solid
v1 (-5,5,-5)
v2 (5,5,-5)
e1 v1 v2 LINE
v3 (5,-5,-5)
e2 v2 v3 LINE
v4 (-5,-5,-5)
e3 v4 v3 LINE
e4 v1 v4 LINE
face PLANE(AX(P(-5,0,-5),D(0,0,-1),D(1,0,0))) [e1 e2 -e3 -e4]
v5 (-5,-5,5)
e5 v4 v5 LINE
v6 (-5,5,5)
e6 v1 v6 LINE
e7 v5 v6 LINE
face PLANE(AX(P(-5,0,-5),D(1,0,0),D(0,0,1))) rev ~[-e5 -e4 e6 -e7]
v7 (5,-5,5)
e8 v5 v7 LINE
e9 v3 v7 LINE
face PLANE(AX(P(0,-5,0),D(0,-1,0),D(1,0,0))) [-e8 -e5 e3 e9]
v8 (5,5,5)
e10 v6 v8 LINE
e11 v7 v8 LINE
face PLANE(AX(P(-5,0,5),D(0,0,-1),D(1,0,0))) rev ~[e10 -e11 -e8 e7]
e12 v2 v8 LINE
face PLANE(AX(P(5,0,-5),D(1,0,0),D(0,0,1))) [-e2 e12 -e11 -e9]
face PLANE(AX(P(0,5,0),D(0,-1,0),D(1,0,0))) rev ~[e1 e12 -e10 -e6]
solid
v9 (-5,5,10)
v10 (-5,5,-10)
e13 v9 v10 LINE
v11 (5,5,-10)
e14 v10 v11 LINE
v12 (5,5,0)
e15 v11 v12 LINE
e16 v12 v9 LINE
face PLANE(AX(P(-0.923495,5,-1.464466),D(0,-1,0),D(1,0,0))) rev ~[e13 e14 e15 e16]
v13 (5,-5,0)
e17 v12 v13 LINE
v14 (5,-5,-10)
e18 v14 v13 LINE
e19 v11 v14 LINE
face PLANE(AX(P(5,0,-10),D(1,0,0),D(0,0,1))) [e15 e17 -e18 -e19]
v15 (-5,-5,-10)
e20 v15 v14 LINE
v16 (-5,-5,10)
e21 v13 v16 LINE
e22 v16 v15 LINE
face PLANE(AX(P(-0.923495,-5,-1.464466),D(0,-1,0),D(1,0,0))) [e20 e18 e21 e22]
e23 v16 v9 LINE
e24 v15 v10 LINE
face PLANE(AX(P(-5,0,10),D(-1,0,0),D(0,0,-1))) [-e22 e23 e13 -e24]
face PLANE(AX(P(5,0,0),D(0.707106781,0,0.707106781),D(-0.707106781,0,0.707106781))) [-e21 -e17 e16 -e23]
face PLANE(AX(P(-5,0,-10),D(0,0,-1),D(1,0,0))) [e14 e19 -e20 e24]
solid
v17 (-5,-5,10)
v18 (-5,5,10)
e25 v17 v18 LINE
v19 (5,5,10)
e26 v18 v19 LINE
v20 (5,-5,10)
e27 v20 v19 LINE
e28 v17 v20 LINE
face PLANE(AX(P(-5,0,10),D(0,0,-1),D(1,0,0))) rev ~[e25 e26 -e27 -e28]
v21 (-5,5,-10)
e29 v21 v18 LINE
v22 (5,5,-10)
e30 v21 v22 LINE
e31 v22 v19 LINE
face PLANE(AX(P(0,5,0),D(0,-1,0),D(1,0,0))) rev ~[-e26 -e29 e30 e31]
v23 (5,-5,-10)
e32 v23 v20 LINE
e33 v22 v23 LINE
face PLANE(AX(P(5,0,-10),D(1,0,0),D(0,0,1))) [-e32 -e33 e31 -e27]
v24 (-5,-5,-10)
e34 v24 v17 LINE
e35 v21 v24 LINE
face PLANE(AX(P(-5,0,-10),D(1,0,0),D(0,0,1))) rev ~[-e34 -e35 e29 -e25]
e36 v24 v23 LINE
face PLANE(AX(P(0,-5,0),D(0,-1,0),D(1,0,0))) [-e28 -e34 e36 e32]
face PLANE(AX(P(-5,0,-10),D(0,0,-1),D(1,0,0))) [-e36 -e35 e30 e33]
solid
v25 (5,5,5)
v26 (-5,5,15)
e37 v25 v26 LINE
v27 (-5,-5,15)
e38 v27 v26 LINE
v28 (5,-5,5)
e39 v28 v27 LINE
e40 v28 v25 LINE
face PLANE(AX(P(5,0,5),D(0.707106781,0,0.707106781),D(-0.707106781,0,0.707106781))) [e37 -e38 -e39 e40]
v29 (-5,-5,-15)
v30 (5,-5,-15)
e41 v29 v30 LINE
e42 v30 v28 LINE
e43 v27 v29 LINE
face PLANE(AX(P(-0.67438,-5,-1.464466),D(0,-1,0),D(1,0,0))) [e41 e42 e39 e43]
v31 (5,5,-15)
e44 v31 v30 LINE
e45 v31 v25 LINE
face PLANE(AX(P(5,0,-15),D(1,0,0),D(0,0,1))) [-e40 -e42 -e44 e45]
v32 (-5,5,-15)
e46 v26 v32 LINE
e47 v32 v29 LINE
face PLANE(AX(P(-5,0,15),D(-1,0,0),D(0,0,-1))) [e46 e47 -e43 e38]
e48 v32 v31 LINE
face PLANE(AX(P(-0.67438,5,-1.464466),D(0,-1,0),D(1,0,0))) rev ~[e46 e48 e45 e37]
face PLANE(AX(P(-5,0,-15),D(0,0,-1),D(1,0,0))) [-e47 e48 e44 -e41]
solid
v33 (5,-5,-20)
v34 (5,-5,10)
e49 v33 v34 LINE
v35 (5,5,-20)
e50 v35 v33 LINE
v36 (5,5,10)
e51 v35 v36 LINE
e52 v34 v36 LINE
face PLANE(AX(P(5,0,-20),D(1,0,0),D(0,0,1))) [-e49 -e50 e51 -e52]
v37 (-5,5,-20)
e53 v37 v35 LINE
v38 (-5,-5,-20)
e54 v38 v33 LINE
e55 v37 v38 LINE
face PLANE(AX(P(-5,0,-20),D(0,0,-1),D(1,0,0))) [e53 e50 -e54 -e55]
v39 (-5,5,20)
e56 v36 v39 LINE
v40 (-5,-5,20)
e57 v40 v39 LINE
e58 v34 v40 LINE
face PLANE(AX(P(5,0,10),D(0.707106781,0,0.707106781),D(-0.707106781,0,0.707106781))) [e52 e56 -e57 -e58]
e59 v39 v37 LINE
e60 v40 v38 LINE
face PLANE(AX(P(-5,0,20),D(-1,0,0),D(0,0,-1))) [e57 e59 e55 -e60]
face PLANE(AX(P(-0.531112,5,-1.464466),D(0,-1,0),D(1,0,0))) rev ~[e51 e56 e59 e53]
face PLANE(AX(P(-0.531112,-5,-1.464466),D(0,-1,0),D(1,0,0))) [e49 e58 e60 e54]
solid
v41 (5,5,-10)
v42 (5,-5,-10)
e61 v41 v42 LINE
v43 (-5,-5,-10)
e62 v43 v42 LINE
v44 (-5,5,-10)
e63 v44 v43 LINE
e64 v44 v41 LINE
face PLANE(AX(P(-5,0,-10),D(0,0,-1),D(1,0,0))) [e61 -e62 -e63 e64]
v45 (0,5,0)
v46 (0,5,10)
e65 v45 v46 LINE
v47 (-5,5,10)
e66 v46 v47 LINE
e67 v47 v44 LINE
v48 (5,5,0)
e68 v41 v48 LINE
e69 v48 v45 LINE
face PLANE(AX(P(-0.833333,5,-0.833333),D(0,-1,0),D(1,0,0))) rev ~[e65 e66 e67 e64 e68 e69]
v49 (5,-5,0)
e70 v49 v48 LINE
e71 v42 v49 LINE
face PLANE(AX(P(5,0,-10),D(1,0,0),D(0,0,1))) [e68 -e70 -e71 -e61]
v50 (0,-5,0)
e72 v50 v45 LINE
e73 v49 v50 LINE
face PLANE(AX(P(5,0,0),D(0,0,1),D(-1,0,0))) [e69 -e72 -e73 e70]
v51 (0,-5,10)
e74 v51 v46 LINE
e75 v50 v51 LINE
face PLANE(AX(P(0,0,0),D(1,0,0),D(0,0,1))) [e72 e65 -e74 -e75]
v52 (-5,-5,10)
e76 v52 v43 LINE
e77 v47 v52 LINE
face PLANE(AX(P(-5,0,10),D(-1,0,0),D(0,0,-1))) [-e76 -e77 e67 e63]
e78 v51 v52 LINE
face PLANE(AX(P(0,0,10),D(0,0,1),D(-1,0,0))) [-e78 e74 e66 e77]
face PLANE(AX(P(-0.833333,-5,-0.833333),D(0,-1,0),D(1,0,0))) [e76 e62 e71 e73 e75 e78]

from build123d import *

# Parameters (mm, degrees)
F0_W      = 10
F0_H      = 10
F1_DEPTH  = 5
F2_W      = 10
F2_H      = 20
F3_DEPTH  = 5
F5_DEPTH  = 5
F7_DEPTH  = 5
F9_DEPTH  = 5
F11_DEPTH = 5


with BuildPart() as f1:
    # F0 (on Front) → F1 (new body, symmetric)
    with BuildSketch(Plane.XZ):
        Rectangle(F0_W, F0_H)
    extrude(amount=F1_DEPTH, both=True)


with BuildPart() as f3:
    # F2 (on Front) → F3 (new body, symmetric)
    with BuildSketch(Plane.XZ):
        Rectangle(F2_W, F2_H)
    extrude(amount=F3_DEPTH, both=True)


with BuildPart() as f5:
    # F4 (on Front) → F5 (new body, symmetric)
    with BuildSketch(Plane.XZ):
        Polygon((0, 10), (-5, 10), (-5, -10), (5, -10), (5, 0), (0, 0), align=None)
    extrude(amount=F5_DEPTH, both=True)


with BuildPart() as f7:
    # F6 (on Front) → F7 (new body, symmetric)
    with BuildSketch(Plane.XZ):
        Polygon((-5, -10), (5, -10), (5, 0), (-5, 10), align=None)
    extrude(amount=F7_DEPTH, both=True)


with BuildPart() as f9:
    # F8 (on Front) → F9 (new body, symmetric)
    with BuildSketch(Plane.XZ):
        Polygon((-5, 15), (-5, -15), (5, -15), (5, 5), align=None)
    extrude(amount=F9_DEPTH, both=True)


with BuildPart() as f11:
    # F10 (on Front) → F11 (new body, symmetric)
    with BuildSketch(Plane.XZ):
        Polygon((-5, 20), (-5, -20), (5, -20), (5, 10), align=None)
    extrude(amount=F11_DEPTH, both=True)


solid = Compound([f1.part, f3.part, f5.part, f7.part, f9.part, f11.part])
